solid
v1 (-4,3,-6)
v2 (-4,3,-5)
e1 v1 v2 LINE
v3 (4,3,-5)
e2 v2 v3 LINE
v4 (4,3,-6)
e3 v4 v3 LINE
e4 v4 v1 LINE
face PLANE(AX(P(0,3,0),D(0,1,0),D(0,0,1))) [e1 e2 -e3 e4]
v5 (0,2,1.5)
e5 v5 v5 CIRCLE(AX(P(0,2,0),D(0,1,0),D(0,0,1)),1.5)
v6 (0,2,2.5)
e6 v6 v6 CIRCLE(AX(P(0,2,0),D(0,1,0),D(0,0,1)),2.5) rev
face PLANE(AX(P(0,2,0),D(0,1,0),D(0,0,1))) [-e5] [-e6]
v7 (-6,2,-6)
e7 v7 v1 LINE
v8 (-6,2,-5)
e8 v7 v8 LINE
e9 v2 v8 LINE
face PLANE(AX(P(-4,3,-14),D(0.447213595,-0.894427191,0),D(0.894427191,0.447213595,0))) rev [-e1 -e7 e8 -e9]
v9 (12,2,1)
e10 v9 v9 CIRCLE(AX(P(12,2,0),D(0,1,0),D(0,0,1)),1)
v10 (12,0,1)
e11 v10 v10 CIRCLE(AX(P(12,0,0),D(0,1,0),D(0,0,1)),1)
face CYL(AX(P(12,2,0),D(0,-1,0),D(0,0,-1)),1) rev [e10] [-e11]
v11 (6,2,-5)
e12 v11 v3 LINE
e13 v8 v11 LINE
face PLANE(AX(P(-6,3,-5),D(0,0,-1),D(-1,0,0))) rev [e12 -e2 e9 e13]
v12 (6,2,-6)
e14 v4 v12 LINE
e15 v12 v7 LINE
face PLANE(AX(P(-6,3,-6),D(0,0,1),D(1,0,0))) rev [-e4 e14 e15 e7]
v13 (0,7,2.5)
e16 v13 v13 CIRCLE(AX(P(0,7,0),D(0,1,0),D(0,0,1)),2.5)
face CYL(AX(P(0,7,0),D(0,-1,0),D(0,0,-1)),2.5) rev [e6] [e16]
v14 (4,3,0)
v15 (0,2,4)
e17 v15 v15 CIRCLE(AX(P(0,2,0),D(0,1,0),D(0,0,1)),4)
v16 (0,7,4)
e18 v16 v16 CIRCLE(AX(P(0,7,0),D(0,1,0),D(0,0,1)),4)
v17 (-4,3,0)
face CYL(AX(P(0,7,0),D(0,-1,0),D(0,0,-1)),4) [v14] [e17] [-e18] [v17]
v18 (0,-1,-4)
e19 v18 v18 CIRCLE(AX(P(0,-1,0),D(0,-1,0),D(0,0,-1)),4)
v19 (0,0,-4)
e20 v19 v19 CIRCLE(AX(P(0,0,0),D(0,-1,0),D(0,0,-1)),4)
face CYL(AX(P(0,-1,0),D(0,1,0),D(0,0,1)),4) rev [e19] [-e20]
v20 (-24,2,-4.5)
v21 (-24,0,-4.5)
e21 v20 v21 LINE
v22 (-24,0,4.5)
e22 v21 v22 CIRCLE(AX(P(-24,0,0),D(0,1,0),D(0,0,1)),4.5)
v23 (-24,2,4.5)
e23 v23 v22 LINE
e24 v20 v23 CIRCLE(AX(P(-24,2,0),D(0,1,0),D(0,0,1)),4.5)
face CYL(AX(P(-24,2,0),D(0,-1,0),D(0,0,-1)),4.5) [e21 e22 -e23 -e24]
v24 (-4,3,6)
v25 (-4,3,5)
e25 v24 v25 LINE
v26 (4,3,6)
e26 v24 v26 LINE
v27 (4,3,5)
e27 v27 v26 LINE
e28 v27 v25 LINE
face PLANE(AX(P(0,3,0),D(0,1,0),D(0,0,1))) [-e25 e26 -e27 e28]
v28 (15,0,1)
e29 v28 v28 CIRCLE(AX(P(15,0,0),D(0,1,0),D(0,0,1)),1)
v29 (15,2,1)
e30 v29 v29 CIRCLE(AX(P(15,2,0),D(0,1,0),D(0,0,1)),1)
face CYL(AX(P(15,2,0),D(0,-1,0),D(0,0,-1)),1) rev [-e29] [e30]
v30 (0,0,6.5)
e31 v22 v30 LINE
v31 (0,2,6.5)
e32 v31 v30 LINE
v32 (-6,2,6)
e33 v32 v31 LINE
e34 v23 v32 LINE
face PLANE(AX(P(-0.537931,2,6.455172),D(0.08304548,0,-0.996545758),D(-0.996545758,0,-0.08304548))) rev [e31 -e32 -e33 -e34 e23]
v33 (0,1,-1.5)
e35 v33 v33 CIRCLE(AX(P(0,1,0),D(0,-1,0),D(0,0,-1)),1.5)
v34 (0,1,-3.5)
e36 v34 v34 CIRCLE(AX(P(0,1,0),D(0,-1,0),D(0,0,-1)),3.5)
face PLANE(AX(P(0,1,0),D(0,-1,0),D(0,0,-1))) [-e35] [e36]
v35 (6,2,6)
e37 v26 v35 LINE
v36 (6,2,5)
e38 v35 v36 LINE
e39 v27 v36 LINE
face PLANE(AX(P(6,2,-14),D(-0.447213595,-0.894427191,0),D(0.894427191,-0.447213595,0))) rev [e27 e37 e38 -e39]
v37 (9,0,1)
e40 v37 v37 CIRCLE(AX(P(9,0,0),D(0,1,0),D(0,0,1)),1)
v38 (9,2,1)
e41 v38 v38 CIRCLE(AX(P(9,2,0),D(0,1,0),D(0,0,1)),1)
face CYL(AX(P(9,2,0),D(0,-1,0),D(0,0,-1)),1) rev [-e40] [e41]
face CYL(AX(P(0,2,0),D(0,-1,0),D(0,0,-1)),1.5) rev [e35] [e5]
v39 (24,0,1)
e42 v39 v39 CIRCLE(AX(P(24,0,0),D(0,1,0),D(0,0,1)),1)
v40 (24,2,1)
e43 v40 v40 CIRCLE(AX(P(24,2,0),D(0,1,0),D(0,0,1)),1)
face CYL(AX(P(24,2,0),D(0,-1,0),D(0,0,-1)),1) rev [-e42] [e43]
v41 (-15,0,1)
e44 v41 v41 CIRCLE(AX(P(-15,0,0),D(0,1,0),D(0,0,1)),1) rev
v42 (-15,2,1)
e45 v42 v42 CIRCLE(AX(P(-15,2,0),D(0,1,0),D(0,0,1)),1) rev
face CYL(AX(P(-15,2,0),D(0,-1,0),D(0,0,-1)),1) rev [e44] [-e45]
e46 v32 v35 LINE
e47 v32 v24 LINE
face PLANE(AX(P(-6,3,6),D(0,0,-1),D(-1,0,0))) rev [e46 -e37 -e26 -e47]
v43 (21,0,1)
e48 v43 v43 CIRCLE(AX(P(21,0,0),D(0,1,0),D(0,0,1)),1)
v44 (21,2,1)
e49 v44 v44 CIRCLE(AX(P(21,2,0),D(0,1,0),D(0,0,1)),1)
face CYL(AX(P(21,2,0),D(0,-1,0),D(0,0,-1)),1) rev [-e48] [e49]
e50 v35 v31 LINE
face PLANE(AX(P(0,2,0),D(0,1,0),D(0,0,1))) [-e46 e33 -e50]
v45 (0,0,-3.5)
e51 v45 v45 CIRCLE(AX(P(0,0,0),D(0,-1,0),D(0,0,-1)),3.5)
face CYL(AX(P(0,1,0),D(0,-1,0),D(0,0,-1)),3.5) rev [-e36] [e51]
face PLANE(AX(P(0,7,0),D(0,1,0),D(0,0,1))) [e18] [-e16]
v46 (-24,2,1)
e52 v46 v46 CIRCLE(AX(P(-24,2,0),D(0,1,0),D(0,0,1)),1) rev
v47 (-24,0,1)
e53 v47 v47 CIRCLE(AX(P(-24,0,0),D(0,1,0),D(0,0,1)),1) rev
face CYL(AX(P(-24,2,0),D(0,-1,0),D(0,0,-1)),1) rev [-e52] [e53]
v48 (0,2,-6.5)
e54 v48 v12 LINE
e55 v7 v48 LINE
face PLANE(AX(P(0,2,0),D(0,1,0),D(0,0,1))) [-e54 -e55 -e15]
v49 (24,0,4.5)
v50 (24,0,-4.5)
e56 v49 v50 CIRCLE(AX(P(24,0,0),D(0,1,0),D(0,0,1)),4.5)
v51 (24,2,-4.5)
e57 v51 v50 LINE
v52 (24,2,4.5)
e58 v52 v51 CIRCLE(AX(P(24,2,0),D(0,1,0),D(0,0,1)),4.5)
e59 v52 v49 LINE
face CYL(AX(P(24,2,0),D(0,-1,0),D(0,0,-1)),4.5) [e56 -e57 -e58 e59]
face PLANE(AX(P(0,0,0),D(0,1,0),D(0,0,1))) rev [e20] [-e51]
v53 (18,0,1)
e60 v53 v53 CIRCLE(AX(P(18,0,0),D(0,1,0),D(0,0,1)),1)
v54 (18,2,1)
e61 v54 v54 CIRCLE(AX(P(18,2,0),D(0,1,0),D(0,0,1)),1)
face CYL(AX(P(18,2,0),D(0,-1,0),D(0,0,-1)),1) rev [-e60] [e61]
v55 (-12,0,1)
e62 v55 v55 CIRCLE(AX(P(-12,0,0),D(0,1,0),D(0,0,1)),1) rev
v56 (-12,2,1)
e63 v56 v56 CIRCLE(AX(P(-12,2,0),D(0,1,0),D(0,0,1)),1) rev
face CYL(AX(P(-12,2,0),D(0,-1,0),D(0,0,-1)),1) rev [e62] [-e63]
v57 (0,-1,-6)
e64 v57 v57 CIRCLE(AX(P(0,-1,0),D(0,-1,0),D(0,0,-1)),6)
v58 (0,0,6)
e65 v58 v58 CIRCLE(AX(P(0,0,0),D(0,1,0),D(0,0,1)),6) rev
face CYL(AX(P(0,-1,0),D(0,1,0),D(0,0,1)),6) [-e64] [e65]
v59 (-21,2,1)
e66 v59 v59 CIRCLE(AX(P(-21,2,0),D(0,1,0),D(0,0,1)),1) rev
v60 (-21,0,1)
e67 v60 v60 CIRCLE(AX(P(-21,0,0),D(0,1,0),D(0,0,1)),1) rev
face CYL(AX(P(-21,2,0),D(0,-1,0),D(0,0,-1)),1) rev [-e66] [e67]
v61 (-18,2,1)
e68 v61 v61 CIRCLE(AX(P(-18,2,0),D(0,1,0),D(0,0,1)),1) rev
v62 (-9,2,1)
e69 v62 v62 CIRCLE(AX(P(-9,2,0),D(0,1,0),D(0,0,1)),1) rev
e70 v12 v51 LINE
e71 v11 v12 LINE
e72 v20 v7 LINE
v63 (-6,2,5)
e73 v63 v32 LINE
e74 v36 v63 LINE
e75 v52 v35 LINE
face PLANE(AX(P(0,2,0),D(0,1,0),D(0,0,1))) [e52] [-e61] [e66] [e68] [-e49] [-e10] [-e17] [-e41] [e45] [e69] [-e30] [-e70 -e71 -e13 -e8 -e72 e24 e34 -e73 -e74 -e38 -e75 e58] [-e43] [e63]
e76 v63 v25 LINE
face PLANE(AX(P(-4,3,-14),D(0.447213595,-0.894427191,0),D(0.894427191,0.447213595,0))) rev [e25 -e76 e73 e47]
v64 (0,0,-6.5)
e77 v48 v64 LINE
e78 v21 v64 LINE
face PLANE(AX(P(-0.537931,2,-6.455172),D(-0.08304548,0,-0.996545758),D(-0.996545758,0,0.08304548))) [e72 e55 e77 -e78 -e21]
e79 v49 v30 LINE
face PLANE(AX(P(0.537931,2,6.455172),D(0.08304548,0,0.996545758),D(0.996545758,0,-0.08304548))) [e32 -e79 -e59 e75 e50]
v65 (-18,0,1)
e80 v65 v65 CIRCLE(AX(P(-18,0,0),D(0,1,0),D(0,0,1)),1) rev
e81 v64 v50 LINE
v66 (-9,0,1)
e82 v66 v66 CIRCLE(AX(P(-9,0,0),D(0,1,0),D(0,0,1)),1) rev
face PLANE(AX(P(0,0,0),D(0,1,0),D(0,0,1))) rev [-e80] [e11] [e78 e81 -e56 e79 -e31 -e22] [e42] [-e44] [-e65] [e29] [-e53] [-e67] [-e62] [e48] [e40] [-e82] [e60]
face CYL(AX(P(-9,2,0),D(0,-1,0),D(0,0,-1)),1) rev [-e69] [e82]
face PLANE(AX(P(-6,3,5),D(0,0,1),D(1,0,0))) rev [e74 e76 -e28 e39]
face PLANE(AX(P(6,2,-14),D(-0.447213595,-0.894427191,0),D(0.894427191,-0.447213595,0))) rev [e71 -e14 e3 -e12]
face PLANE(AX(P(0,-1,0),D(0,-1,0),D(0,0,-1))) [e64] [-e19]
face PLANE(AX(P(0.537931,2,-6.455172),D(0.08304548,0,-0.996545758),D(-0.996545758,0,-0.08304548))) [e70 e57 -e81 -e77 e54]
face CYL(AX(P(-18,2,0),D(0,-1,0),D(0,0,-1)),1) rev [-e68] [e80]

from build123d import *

# Parameters (mm, degrees)
SKETCH1_R           = 1
SKETCH1_R_2         = 1.5
BOSS_EXTRUDE1_DEPTH = 2
SKETCH2_R           = 4
SKETCH2_R_2         = 2.5
BOSS_EXTRUDE2_DEPTH = 5
BOSS_EXTRUDE3_START = 1
SKETCH3_R           = 6
SKETCH3_R_2         = 4
BOSS_EXTRUDE3_DEPTH = 1
SKETCH4_R           = 3.5
CUT_EXTRUDE1_DEPTH  = 1
SKETCH5_W           = 12
SKETCH5_H           = 1
BOSS_EXTRUDE4_DEPTH = 1
CUT_EXTRUDE2_DEPTH  = 20


with BuildPart() as part:
    # Sketch1 → Boss-Extrude1 (new body)
    # profile 1 of 3: a face of its own
    with BuildSketch(Plane(origin=(0, 0, 0), x_dir=(1, 0, 0), z_dir=(0, 1, 0))):
        with BuildLine():
            Line((-1.075862069, 6.410344828), (-24, 4.5))
            ThreePointArc((-24, 4.5), (-28.5, 0), (-24, -4.5))
            Line((-24, -4.5), (-1.075862069, -6.410344828))
            ThreePointArc((-1.075862069, -6.410344828), (-6.5, 0), (-1.075862069, 6.410344828))
        make_face()
        with Locations(Location((-21, 0, 0), (0, 0, 270))):
            Circle(SKETCH1_R, mode=Mode.SUBTRACT)
        with Locations(Location((-18, 0, 0), (0, 0, 270))):
            Circle(SKETCH1_R, mode=Mode.SUBTRACT)
        with Locations(Location((-15, 0, 0), (0, 0, 270))):
            Circle(SKETCH1_R, mode=Mode.SUBTRACT)
        with Locations(Location((-12, 0, 0), (0, 0, 270))):
            Circle(SKETCH1_R, mode=Mode.SUBTRACT)
        with Locations(Location((-9, 0, 0), (0, 0, 270))):
            Circle(SKETCH1_R, mode=Mode.SUBTRACT)
        with Locations(Location((-24, 0, 0), (0, 0, 270))):
            Circle(SKETCH1_R, mode=Mode.SUBTRACT)
    # profile 2 of 3: a face of its own
    with BuildSketch(Plane(origin=(0, 0, 0), x_dir=(1, 0, 0), z_dir=(0, 1, 0))):
        with BuildLine():
            Line((0, 6.5), (-1.075862069, 6.410344828))
            ThreePointArc((-1.075862069, 6.410344828), (-6.5, 0), (-1.075862069, -6.410344828))
            Line((-1.075862069, -6.410344828), (0, -6.5))
            Line((0, -6.5), (1.075862069, -6.410344828))
            ThreePointArc((1.075862069, -6.410344828), (4.962010855, -4.19862457), (6.5, 0))
            ThreePointArc((6.5, 0), (4.962010855, 4.19862457), (1.075862069, 6.410344828))
            Line((1.075862069, 6.410344828), (0, 6.5))
        make_face()
        with Locations(Location((0, 0, 0), (0, 0, 270))):
            Circle(SKETCH1_R_2, mode=Mode.SUBTRACT)
    # profile 3 of 3: a face of its own
    with BuildSketch(Plane(origin=(0, 0, 0), x_dir=(1, 0, 0), z_dir=(0, 1, 0))):
        with BuildLine():
            Line((24, 4.5), (1.075862069, 6.410344828))
            ThreePointArc((1.075862069, 6.410344828), (4.962010855, 4.19862457), (6.5, 0))
            ThreePointArc((6.5, 0), (4.962010855, -4.19862457), (1.075862069, -6.410344828))
            Line((1.075862069, -6.410344828), (24, -4.5))
            ThreePointArc((24, -4.5), (28.5, 0), (24, 4.5))
        make_face()
        with Locations(Location((9, 0, 0), (0, 0, 270))):
            Circle(SKETCH1_R, mode=Mode.SUBTRACT)
        with Locations(Location((12, 0, 0), (0, 0, 270))):
            Circle(SKETCH1_R, mode=Mode.SUBTRACT)
        with Locations(Location((15, 0, 0), (0, 0, 270))):
            Circle(SKETCH1_R, mode=Mode.SUBTRACT)
        with Locations(Location((18, 0, 0), (0, 0, 270))):
            Circle(SKETCH1_R, mode=Mode.SUBTRACT)
        with Locations(Location((21, 0, 0), (0, 0, 270))):
            Circle(SKETCH1_R, mode=Mode.SUBTRACT)
        with Locations(Location((24, 0, 0), (0, 0, 270))):
            Circle(SKETCH1_R, mode=Mode.SUBTRACT)
    extrude(amount=BOSS_EXTRUDE1_DEPTH)

    # Sketch2 → Boss-Extrude2 (add)
    with BuildSketch(Plane(origin=(0, 2, 0), x_dir=(1, 0, 0), z_dir=(0, 1, 0))):
        with Locations(Location((0, 0, 0), (0, 0, 270))):
            Circle(SKETCH2_R)
        with Locations(Location((0, 0, 0), (0, 0, 270))):
            Circle(SKETCH2_R_2, mode=Mode.SUBTRACT)
    extrude(amount=BOSS_EXTRUDE2_DEPTH)

    # Sketch3 → Boss-Extrude3 (add)
    with BuildSketch(Plane.XZ.offset(BOSS_EXTRUDE3_START)):
        with Locations(Location((0, 0, 0), (0, 0, 90))):
            Circle(SKETCH3_R)
        with Locations(Location((0, 0, 0), (0, 0, 90))):
            Circle(SKETCH3_R_2, mode=Mode.SUBTRACT)
    extrude(amount=-BOSS_EXTRUDE3_DEPTH)

    # Sketch4 → Cut-Extrude1 (cut)
    with BuildSketch(Plane.XZ):
        with Locations(Location((0, 0, 0), (0, 0, 270))):
            Circle(SKETCH4_R)
    extrude(amount=-CUT_EXTRUDE1_DEPTH, mode=Mode.SUBTRACT)

    # Sketch5 → Boss-Extrude4 (add)
    with BuildSketch(Plane(origin=(0, 2, 0), x_dir=(1, 0, 0), z_dir=(0, 1, 0))):
        with Locations((0, 5.5)):
            Rectangle(SKETCH5_W, SKETCH5_H)
        with Locations((0, -5.5)):
            Rectangle(SKETCH5_W, SKETCH5_H)
    extrude(amount=BOSS_EXTRUDE4_DEPTH)

    # Sketch6 → Cut-Extrude2 (cut)
    with BuildSketch(Plane.XY.offset(6)):
        Polygon((-4, 3), (-6, 2), (-6, 3), align=None)
        Polygon((6, 2), (4, 3), (6, 3), align=None)
    extrude(amount=-CUT_EXTRUDE2_DEPTH, mode=Mode.SUBTRACT)


solid = part.part
